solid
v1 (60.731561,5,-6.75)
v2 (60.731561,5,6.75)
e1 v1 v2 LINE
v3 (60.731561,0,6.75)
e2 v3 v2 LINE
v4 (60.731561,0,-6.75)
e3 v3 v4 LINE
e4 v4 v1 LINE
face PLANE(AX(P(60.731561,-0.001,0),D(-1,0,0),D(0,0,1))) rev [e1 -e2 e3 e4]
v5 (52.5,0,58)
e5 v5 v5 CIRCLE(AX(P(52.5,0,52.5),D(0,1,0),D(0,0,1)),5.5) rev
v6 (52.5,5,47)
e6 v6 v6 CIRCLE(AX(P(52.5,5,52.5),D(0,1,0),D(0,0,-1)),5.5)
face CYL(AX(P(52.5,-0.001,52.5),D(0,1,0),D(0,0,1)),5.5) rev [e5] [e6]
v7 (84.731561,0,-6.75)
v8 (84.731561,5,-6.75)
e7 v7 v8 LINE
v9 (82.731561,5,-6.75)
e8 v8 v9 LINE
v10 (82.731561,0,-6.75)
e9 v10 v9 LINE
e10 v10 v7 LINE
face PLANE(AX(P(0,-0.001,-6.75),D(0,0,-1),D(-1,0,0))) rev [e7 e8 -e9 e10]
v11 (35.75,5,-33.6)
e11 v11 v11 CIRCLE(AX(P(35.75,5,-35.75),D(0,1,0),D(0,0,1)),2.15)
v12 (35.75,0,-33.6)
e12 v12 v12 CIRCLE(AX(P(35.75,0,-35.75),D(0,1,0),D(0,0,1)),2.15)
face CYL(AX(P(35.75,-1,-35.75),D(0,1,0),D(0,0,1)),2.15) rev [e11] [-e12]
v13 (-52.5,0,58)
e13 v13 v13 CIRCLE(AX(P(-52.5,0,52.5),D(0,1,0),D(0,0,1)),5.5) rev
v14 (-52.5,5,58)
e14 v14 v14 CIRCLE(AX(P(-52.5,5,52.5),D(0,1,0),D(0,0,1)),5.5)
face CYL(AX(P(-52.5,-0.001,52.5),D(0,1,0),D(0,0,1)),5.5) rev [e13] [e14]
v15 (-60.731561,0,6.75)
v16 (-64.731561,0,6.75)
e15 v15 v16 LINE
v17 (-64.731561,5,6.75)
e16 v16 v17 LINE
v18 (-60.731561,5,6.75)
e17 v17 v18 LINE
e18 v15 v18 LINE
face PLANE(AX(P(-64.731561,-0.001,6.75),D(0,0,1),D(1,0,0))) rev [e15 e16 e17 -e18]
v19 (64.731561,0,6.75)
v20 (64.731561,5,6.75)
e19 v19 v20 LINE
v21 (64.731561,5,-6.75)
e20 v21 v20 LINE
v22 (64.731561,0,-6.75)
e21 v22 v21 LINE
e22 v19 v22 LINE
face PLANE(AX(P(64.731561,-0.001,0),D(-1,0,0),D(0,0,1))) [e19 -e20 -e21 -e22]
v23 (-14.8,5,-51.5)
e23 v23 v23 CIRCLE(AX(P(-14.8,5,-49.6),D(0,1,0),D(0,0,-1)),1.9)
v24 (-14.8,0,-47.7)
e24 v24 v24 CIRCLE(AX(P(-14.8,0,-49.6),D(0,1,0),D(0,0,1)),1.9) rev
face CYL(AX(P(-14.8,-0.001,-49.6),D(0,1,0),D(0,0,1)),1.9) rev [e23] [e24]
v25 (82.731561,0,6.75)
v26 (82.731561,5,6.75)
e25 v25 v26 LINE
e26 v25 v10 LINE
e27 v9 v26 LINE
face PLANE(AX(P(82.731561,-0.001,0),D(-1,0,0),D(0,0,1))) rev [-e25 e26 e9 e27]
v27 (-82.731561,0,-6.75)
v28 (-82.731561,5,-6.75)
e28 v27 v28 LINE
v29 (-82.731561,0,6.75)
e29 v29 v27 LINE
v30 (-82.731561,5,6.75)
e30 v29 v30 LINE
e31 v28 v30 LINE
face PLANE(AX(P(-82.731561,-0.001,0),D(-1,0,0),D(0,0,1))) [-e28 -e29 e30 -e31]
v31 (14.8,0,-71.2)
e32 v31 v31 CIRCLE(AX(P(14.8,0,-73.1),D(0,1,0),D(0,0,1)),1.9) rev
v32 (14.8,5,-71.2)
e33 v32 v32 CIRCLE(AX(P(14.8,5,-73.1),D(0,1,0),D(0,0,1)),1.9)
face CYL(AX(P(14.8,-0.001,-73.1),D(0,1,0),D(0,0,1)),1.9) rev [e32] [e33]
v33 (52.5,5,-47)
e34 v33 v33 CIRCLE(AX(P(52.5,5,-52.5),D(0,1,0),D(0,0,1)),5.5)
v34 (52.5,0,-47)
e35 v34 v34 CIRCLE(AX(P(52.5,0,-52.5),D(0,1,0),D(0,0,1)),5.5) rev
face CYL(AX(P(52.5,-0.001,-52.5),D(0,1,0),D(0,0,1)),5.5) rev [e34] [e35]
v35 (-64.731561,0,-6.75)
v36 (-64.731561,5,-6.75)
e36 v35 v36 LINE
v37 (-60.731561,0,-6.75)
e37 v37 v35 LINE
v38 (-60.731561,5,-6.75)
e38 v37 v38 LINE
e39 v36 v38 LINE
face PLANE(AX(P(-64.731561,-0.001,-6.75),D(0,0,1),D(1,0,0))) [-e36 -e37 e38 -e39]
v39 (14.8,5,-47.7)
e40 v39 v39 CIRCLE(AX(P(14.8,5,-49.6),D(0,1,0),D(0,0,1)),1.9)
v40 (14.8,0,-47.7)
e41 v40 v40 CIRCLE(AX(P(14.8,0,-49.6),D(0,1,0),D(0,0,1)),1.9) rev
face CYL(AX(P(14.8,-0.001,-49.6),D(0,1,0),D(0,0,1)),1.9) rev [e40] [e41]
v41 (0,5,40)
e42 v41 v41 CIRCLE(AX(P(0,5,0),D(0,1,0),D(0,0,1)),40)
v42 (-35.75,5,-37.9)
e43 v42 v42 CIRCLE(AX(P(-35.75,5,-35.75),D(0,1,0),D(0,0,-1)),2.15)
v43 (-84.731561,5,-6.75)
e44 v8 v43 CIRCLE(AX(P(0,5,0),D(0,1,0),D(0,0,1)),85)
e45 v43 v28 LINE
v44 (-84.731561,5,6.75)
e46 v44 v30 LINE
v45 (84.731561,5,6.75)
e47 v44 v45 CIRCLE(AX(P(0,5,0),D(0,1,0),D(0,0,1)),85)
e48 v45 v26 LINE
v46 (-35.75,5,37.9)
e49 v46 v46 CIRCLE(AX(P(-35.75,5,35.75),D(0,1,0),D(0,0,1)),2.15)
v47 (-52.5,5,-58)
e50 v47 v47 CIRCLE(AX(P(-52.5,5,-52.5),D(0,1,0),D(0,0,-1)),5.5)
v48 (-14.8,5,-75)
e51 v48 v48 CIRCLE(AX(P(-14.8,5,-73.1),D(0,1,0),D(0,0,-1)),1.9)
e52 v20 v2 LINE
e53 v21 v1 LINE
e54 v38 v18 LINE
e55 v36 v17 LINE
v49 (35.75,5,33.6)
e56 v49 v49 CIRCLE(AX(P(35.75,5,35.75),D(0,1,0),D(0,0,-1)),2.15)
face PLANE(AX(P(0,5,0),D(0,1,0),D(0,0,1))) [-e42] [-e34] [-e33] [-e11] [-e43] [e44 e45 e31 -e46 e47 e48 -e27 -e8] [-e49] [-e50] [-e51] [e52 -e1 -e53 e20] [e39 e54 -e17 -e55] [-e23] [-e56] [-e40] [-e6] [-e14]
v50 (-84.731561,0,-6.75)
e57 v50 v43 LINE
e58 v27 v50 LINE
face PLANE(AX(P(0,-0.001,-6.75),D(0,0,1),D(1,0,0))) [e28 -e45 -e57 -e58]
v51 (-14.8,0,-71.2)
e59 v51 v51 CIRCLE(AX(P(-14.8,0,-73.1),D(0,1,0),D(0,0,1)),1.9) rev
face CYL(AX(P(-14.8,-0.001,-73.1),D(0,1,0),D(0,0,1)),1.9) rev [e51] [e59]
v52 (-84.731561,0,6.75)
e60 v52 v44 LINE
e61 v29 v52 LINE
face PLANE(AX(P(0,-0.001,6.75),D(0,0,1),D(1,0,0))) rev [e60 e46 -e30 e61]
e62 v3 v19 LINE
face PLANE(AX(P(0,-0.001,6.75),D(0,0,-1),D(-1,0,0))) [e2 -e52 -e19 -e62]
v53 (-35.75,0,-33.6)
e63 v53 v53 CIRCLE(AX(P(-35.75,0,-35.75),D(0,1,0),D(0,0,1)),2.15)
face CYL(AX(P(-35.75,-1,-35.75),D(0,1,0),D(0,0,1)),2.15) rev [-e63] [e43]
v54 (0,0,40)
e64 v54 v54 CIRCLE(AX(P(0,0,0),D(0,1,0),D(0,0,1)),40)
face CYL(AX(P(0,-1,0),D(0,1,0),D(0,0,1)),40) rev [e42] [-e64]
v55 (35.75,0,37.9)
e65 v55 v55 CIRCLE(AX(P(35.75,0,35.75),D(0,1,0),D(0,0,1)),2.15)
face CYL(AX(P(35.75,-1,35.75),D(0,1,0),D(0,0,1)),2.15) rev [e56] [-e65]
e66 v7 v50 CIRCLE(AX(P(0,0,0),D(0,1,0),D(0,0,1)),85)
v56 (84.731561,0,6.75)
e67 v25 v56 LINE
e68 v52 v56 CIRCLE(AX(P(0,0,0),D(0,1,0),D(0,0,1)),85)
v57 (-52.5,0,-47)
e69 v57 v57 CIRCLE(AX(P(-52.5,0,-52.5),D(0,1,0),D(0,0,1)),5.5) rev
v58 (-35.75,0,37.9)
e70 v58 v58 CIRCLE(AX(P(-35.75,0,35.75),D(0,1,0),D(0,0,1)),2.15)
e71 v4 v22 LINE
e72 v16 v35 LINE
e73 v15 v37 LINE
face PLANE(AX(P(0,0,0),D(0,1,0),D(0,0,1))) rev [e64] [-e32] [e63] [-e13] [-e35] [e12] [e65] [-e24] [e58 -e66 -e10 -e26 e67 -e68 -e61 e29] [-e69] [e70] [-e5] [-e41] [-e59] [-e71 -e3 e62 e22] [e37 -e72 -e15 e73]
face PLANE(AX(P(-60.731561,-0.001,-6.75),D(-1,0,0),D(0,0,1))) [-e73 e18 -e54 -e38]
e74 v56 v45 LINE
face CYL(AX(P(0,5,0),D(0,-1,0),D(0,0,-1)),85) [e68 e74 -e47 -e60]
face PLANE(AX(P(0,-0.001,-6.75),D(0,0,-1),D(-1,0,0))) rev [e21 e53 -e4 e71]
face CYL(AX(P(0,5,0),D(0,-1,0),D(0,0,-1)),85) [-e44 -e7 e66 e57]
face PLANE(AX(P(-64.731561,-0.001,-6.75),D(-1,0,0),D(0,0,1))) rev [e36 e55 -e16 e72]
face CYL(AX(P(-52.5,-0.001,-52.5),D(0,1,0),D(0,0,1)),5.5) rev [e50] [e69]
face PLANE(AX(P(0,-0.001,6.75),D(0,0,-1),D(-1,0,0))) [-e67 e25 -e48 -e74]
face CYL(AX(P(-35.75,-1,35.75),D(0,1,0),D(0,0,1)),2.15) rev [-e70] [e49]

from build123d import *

# Parameters (mm, degrees)
SKETCH1_R               = 85
BASE_DEPTH              = 5
MAIN_WHEEL_SLOTS_REACH  = 7
SKETCH2_W               = 4
SKETCH2_H               = 13.5
F_3RD_WHEEL_HOLES_REACH = 7
SKETCH3_R               = 1.9
SKETCH6_R               = 2.15
FAN_SCREW_HOLES_DEPTH   = 6
SKETCH7_R               = 40
FAN_BLADE_HOLE_DEPTH    = 6
BOLT_HOLES_REACH        = 7
SKETCH8_R               = 5.5


with BuildPart() as part:
    # Sketch1 → Base (new body)
    with BuildSketch(Plane(origin=(0, 0, 0), x_dir=(1, 0, 0), z_dir=(0, 1, 0))):
        Circle(SKETCH1_R)
    extrude(amount=BASE_DEPTH)

    # Sketch2 → Main Wheel Slots (cut, up to next)
    with BuildSketch(Plane(origin=(0, 5, 0), x_dir=(1, 0, 0), z_dir=(0, 1, 0)), mode=Mode.PRIVATE) as main_wheel_slots_sk1:
        with Locations((62.731561416, 0)):
            Rectangle(SKETCH2_W, SKETCH2_H)
    main_wheel_slots_tool1 = extrude(main_wheel_slots_sk1.sketch, amount=-MAIN_WHEEL_SLOTS_REACH, mode=Mode.PRIVATE) & part.part
    add(main_wheel_slots_tool1.solids().sort_by_distance((62.731561, 5, 0))[0], mode=Mode.SUBTRACT)
    # Sketch2 → Main Wheel Slots (cut, up to next)
    with BuildSketch(Plane(origin=(0, 5, 0), x_dir=(1, 0, 0), z_dir=(0, 1, 0)), mode=Mode.PRIVATE) as main_wheel_slots_sk2:
        with BuildLine():
            ThreePointArc((85, 0), (84.932863841, 3.377667808), (84.731561416, 6.75))
            Line((84.731561416, 6.75), (82.731561416, 6.75))
            Line((82.731561416, 6.75), (82.731561416, -6.75))
            Line((82.731561416, -6.75), (84.731561416, -6.75))
            ThreePointArc((84.731561416, -6.75), (84.932863841, -3.377667808), (85, 0))
        make_face()
    main_wheel_slots_tool2 = extrude(main_wheel_slots_sk2.sketch, amount=-MAIN_WHEEL_SLOTS_REACH, mode=Mode.PRIVATE) & part.part
    add(main_wheel_slots_tool2.solids().sort_by_distance((83.822538, 5, 0))[0], mode=Mode.SUBTRACT)
    # Sketch2 → Main Wheel Slots (cut, up to next)
    with BuildSketch(Plane(origin=(0, 5, 0), x_dir=(1, 0, 0), z_dir=(0, 1, 0)), mode=Mode.PRIVATE) as main_wheel_slots_sk3:
        with BuildLine():
            Line((-82.731561416, 6.75), (-84.731561416, 6.75))
            ThreePointArc((-84.731561416, 6.75), (-85, 0), (-84.731561416, -6.75))
            Line((-84.731561416, -6.75), (-82.731561416, -6.75))
            Line((-82.731561416, -6.75), (-82.731561416, 6.75))
        make_face()
    main_wheel_slots_tool3 = extrude(main_wheel_slots_sk3.sketch, amount=-MAIN_WHEEL_SLOTS_REACH, mode=Mode.PRIVATE) & part.part
    add(main_wheel_slots_tool3.solids().sort_by_distance((-83.822538, 5, 0))[0], mode=Mode.SUBTRACT)
    # Sketch2 → Main Wheel Slots (cut, up to next)
    with BuildSketch(Plane(origin=(0, 5, 0), x_dir=(1, 0, 0), z_dir=(0, 1, 0)), mode=Mode.PRIVATE) as main_wheel_slots_sk4:
        with Locations((-62.731561416, 0)):
            Rectangle(SKETCH2_W, SKETCH2_H)
    main_wheel_slots_tool4 = extrude(main_wheel_slots_sk4.sketch, amount=-MAIN_WHEEL_SLOTS_REACH, mode=Mode.PRIVATE) & part.part
    add(main_wheel_slots_tool4.solids().sort_by_distance((-62.731561, 5, 0))[0], mode=Mode.SUBTRACT)

    # Sketch3 → 3rd Wheel Holes (cut, up to next)
    with BuildSketch(Plane(origin=(0, 5, 0), x_dir=(1, 0, 0), z_dir=(0, 1, 0)), mode=Mode.PRIVATE) as f_3rd_wheel_holes_sk1:
        with Locations((14.8, 73.1)):
            Circle(SKETCH3_R)
    f_3rd_wheel_holes_tool1 = extrude(f_3rd_wheel_holes_sk1.sketch, amount=-F_3RD_WHEEL_HOLES_REACH, mode=Mode.PRIVATE) & part.part
    add(f_3rd_wheel_holes_tool1.solids().sort_by_distance((14.8, 5, -73.1))[0], mode=Mode.SUBTRACT)
    # Sketch3 → 3rd Wheel Holes (cut, up to next)
    with BuildSketch(Plane(origin=(0, 5, 0), x_dir=(1, 0, 0), z_dir=(0, 1, 0)), mode=Mode.PRIVATE) as f_3rd_wheel_holes_sk2:
        with Locations((14.8, 49.6)):
            Circle(SKETCH3_R)
    f_3rd_wheel_holes_tool2 = extrude(f_3rd_wheel_holes_sk2.sketch, amount=-F_3RD_WHEEL_HOLES_REACH, mode=Mode.PRIVATE) & part.part
    add(f_3rd_wheel_holes_tool2.solids().sort_by_distance((14.8, 5, -49.6))[0], mode=Mode.SUBTRACT)
    # Sketch3 → 3rd Wheel Holes (cut, up to next)
    with BuildSketch(Plane(origin=(0, 5, 0), x_dir=(1, 0, 0), z_dir=(0, 1, 0)), mode=Mode.PRIVATE) as f_3rd_wheel_holes_sk3:
        with Locations((-14.8, 49.6)):
            Circle(SKETCH3_R)
    f_3rd_wheel_holes_tool3 = extrude(f_3rd_wheel_holes_sk3.sketch, amount=-F_3RD_WHEEL_HOLES_REACH, mode=Mode.PRIVATE) & part.part
    add(f_3rd_wheel_holes_tool3.solids().sort_by_distance((-14.8, 5, -49.6))[0], mode=Mode.SUBTRACT)
    # Sketch3 → 3rd Wheel Holes (cut, up to next)
    with BuildSketch(Plane(origin=(0, 5, 0), x_dir=(1, 0, 0), z_dir=(0, 1, 0)), mode=Mode.PRIVATE) as f_3rd_wheel_holes_sk4:
        with Locations((-14.8, 73.1)):
            Circle(SKETCH3_R)
    f_3rd_wheel_holes_tool4 = extrude(f_3rd_wheel_holes_sk4.sketch, amount=-F_3RD_WHEEL_HOLES_REACH, mode=Mode.PRIVATE) & part.part
    add(f_3rd_wheel_holes_tool4.solids().sort_by_distance((-14.8, 5, -73.1))[0], mode=Mode.SUBTRACT)

    # Sketch6 → Fan Screw Holes (cut)
    with BuildSketch(Plane(origin=(0, 5, 0), x_dir=(1, 0, 0), z_dir=(0, 1, 0))):
        with Locations((35.75, 35.75)):
            Circle(SKETCH6_R)
        with Locations((-35.75, 35.75)):
            Circle(SKETCH6_R)
        with Locations((35.75, -35.75)):
            Circle(SKETCH6_R)
        with Locations((-35.75, -35.75)):
            Circle(SKETCH6_R)
    extrude(amount=-FAN_SCREW_HOLES_DEPTH, mode=Mode.SUBTRACT)

    # Sketch7 → Fan Blade Hole (cut)
    with BuildSketch(Plane(origin=(0, 5, 0), x_dir=(1, 0, 0), z_dir=(0, 1, 0))):
        Circle(SKETCH7_R)
    extrude(amount=-FAN_BLADE_HOLE_DEPTH, mode=Mode.SUBTRACT)

    # Sketch8 → Bolt Holes (cut, up to next)
    with BuildSketch(Plane(origin=(0, 5, 0), x_dir=(1, 0, 0), z_dir=(0, 1, 0)), mode=Mode.PRIVATE) as bolt_holes_sk1:
        with Locations((52.5, 52.5)):
            Circle(SKETCH8_R)
    bolt_holes_tool1 = extrude(bolt_holes_sk1.sketch, amount=-BOLT_HOLES_REACH, mode=Mode.PRIVATE) & part.part
    add(bolt_holes_tool1.solids().sort_by_distance((52.5, 5, -52.5))[0], mode=Mode.SUBTRACT)
    # Sketch8 → Bolt Holes (cut, up to next)
    with BuildSketch(Plane(origin=(0, 5, 0), x_dir=(1, 0, 0), z_dir=(0, 1, 0)), mode=Mode.PRIVATE) as bolt_holes_sk2:
        with Locations((-52.5, 52.5)):
            Circle(SKETCH8_R)
    bolt_holes_tool2 = extrude(bolt_holes_sk2.sketch, amount=-BOLT_HOLES_REACH, mode=Mode.PRIVATE) & part.part
    add(bolt_holes_tool2.solids().sort_by_distance((-52.5, 5, -52.5))[0], mode=Mode.SUBTRACT)
    # Sketch8 → Bolt Holes (cut, up to next)
    with BuildSketch(Plane(origin=(0, 5, 0), x_dir=(1, 0, 0), z_dir=(0, 1, 0)), mode=Mode.PRIVATE) as bolt_holes_sk3:
        with Locations((52.5, -52.5)):
            Circle(SKETCH8_R)
    bolt_holes_tool3 = extrude(bolt_holes_sk3.sketch, amount=-BOLT_HOLES_REACH, mode=Mode.PRIVATE) & part.part
    add(bolt_holes_tool3.solids().sort_by_distance((52.5, 5, 52.5))[0], mode=Mode.SUBTRACT)
    # Sketch8 → Bolt Holes (cut, up to next)
    with BuildSketch(Plane(origin=(0, 5, 0), x_dir=(1, 0, 0), z_dir=(0, 1, 0)), mode=Mode.PRIVATE) as bolt_holes_sk4:
        with Locations((-52.5, -52.5)):
            Circle(SKETCH8_R)
    bolt_holes_tool4 = extrude(bolt_holes_sk4.sketch, amount=-BOLT_HOLES_REACH, mode=Mode.PRIVATE) & part.part
    add(bolt_holes_tool4.solids().sort_by_distance((-52.5, 5, 52.5))[0], mode=Mode.SUBTRACT)


solid = part.part
